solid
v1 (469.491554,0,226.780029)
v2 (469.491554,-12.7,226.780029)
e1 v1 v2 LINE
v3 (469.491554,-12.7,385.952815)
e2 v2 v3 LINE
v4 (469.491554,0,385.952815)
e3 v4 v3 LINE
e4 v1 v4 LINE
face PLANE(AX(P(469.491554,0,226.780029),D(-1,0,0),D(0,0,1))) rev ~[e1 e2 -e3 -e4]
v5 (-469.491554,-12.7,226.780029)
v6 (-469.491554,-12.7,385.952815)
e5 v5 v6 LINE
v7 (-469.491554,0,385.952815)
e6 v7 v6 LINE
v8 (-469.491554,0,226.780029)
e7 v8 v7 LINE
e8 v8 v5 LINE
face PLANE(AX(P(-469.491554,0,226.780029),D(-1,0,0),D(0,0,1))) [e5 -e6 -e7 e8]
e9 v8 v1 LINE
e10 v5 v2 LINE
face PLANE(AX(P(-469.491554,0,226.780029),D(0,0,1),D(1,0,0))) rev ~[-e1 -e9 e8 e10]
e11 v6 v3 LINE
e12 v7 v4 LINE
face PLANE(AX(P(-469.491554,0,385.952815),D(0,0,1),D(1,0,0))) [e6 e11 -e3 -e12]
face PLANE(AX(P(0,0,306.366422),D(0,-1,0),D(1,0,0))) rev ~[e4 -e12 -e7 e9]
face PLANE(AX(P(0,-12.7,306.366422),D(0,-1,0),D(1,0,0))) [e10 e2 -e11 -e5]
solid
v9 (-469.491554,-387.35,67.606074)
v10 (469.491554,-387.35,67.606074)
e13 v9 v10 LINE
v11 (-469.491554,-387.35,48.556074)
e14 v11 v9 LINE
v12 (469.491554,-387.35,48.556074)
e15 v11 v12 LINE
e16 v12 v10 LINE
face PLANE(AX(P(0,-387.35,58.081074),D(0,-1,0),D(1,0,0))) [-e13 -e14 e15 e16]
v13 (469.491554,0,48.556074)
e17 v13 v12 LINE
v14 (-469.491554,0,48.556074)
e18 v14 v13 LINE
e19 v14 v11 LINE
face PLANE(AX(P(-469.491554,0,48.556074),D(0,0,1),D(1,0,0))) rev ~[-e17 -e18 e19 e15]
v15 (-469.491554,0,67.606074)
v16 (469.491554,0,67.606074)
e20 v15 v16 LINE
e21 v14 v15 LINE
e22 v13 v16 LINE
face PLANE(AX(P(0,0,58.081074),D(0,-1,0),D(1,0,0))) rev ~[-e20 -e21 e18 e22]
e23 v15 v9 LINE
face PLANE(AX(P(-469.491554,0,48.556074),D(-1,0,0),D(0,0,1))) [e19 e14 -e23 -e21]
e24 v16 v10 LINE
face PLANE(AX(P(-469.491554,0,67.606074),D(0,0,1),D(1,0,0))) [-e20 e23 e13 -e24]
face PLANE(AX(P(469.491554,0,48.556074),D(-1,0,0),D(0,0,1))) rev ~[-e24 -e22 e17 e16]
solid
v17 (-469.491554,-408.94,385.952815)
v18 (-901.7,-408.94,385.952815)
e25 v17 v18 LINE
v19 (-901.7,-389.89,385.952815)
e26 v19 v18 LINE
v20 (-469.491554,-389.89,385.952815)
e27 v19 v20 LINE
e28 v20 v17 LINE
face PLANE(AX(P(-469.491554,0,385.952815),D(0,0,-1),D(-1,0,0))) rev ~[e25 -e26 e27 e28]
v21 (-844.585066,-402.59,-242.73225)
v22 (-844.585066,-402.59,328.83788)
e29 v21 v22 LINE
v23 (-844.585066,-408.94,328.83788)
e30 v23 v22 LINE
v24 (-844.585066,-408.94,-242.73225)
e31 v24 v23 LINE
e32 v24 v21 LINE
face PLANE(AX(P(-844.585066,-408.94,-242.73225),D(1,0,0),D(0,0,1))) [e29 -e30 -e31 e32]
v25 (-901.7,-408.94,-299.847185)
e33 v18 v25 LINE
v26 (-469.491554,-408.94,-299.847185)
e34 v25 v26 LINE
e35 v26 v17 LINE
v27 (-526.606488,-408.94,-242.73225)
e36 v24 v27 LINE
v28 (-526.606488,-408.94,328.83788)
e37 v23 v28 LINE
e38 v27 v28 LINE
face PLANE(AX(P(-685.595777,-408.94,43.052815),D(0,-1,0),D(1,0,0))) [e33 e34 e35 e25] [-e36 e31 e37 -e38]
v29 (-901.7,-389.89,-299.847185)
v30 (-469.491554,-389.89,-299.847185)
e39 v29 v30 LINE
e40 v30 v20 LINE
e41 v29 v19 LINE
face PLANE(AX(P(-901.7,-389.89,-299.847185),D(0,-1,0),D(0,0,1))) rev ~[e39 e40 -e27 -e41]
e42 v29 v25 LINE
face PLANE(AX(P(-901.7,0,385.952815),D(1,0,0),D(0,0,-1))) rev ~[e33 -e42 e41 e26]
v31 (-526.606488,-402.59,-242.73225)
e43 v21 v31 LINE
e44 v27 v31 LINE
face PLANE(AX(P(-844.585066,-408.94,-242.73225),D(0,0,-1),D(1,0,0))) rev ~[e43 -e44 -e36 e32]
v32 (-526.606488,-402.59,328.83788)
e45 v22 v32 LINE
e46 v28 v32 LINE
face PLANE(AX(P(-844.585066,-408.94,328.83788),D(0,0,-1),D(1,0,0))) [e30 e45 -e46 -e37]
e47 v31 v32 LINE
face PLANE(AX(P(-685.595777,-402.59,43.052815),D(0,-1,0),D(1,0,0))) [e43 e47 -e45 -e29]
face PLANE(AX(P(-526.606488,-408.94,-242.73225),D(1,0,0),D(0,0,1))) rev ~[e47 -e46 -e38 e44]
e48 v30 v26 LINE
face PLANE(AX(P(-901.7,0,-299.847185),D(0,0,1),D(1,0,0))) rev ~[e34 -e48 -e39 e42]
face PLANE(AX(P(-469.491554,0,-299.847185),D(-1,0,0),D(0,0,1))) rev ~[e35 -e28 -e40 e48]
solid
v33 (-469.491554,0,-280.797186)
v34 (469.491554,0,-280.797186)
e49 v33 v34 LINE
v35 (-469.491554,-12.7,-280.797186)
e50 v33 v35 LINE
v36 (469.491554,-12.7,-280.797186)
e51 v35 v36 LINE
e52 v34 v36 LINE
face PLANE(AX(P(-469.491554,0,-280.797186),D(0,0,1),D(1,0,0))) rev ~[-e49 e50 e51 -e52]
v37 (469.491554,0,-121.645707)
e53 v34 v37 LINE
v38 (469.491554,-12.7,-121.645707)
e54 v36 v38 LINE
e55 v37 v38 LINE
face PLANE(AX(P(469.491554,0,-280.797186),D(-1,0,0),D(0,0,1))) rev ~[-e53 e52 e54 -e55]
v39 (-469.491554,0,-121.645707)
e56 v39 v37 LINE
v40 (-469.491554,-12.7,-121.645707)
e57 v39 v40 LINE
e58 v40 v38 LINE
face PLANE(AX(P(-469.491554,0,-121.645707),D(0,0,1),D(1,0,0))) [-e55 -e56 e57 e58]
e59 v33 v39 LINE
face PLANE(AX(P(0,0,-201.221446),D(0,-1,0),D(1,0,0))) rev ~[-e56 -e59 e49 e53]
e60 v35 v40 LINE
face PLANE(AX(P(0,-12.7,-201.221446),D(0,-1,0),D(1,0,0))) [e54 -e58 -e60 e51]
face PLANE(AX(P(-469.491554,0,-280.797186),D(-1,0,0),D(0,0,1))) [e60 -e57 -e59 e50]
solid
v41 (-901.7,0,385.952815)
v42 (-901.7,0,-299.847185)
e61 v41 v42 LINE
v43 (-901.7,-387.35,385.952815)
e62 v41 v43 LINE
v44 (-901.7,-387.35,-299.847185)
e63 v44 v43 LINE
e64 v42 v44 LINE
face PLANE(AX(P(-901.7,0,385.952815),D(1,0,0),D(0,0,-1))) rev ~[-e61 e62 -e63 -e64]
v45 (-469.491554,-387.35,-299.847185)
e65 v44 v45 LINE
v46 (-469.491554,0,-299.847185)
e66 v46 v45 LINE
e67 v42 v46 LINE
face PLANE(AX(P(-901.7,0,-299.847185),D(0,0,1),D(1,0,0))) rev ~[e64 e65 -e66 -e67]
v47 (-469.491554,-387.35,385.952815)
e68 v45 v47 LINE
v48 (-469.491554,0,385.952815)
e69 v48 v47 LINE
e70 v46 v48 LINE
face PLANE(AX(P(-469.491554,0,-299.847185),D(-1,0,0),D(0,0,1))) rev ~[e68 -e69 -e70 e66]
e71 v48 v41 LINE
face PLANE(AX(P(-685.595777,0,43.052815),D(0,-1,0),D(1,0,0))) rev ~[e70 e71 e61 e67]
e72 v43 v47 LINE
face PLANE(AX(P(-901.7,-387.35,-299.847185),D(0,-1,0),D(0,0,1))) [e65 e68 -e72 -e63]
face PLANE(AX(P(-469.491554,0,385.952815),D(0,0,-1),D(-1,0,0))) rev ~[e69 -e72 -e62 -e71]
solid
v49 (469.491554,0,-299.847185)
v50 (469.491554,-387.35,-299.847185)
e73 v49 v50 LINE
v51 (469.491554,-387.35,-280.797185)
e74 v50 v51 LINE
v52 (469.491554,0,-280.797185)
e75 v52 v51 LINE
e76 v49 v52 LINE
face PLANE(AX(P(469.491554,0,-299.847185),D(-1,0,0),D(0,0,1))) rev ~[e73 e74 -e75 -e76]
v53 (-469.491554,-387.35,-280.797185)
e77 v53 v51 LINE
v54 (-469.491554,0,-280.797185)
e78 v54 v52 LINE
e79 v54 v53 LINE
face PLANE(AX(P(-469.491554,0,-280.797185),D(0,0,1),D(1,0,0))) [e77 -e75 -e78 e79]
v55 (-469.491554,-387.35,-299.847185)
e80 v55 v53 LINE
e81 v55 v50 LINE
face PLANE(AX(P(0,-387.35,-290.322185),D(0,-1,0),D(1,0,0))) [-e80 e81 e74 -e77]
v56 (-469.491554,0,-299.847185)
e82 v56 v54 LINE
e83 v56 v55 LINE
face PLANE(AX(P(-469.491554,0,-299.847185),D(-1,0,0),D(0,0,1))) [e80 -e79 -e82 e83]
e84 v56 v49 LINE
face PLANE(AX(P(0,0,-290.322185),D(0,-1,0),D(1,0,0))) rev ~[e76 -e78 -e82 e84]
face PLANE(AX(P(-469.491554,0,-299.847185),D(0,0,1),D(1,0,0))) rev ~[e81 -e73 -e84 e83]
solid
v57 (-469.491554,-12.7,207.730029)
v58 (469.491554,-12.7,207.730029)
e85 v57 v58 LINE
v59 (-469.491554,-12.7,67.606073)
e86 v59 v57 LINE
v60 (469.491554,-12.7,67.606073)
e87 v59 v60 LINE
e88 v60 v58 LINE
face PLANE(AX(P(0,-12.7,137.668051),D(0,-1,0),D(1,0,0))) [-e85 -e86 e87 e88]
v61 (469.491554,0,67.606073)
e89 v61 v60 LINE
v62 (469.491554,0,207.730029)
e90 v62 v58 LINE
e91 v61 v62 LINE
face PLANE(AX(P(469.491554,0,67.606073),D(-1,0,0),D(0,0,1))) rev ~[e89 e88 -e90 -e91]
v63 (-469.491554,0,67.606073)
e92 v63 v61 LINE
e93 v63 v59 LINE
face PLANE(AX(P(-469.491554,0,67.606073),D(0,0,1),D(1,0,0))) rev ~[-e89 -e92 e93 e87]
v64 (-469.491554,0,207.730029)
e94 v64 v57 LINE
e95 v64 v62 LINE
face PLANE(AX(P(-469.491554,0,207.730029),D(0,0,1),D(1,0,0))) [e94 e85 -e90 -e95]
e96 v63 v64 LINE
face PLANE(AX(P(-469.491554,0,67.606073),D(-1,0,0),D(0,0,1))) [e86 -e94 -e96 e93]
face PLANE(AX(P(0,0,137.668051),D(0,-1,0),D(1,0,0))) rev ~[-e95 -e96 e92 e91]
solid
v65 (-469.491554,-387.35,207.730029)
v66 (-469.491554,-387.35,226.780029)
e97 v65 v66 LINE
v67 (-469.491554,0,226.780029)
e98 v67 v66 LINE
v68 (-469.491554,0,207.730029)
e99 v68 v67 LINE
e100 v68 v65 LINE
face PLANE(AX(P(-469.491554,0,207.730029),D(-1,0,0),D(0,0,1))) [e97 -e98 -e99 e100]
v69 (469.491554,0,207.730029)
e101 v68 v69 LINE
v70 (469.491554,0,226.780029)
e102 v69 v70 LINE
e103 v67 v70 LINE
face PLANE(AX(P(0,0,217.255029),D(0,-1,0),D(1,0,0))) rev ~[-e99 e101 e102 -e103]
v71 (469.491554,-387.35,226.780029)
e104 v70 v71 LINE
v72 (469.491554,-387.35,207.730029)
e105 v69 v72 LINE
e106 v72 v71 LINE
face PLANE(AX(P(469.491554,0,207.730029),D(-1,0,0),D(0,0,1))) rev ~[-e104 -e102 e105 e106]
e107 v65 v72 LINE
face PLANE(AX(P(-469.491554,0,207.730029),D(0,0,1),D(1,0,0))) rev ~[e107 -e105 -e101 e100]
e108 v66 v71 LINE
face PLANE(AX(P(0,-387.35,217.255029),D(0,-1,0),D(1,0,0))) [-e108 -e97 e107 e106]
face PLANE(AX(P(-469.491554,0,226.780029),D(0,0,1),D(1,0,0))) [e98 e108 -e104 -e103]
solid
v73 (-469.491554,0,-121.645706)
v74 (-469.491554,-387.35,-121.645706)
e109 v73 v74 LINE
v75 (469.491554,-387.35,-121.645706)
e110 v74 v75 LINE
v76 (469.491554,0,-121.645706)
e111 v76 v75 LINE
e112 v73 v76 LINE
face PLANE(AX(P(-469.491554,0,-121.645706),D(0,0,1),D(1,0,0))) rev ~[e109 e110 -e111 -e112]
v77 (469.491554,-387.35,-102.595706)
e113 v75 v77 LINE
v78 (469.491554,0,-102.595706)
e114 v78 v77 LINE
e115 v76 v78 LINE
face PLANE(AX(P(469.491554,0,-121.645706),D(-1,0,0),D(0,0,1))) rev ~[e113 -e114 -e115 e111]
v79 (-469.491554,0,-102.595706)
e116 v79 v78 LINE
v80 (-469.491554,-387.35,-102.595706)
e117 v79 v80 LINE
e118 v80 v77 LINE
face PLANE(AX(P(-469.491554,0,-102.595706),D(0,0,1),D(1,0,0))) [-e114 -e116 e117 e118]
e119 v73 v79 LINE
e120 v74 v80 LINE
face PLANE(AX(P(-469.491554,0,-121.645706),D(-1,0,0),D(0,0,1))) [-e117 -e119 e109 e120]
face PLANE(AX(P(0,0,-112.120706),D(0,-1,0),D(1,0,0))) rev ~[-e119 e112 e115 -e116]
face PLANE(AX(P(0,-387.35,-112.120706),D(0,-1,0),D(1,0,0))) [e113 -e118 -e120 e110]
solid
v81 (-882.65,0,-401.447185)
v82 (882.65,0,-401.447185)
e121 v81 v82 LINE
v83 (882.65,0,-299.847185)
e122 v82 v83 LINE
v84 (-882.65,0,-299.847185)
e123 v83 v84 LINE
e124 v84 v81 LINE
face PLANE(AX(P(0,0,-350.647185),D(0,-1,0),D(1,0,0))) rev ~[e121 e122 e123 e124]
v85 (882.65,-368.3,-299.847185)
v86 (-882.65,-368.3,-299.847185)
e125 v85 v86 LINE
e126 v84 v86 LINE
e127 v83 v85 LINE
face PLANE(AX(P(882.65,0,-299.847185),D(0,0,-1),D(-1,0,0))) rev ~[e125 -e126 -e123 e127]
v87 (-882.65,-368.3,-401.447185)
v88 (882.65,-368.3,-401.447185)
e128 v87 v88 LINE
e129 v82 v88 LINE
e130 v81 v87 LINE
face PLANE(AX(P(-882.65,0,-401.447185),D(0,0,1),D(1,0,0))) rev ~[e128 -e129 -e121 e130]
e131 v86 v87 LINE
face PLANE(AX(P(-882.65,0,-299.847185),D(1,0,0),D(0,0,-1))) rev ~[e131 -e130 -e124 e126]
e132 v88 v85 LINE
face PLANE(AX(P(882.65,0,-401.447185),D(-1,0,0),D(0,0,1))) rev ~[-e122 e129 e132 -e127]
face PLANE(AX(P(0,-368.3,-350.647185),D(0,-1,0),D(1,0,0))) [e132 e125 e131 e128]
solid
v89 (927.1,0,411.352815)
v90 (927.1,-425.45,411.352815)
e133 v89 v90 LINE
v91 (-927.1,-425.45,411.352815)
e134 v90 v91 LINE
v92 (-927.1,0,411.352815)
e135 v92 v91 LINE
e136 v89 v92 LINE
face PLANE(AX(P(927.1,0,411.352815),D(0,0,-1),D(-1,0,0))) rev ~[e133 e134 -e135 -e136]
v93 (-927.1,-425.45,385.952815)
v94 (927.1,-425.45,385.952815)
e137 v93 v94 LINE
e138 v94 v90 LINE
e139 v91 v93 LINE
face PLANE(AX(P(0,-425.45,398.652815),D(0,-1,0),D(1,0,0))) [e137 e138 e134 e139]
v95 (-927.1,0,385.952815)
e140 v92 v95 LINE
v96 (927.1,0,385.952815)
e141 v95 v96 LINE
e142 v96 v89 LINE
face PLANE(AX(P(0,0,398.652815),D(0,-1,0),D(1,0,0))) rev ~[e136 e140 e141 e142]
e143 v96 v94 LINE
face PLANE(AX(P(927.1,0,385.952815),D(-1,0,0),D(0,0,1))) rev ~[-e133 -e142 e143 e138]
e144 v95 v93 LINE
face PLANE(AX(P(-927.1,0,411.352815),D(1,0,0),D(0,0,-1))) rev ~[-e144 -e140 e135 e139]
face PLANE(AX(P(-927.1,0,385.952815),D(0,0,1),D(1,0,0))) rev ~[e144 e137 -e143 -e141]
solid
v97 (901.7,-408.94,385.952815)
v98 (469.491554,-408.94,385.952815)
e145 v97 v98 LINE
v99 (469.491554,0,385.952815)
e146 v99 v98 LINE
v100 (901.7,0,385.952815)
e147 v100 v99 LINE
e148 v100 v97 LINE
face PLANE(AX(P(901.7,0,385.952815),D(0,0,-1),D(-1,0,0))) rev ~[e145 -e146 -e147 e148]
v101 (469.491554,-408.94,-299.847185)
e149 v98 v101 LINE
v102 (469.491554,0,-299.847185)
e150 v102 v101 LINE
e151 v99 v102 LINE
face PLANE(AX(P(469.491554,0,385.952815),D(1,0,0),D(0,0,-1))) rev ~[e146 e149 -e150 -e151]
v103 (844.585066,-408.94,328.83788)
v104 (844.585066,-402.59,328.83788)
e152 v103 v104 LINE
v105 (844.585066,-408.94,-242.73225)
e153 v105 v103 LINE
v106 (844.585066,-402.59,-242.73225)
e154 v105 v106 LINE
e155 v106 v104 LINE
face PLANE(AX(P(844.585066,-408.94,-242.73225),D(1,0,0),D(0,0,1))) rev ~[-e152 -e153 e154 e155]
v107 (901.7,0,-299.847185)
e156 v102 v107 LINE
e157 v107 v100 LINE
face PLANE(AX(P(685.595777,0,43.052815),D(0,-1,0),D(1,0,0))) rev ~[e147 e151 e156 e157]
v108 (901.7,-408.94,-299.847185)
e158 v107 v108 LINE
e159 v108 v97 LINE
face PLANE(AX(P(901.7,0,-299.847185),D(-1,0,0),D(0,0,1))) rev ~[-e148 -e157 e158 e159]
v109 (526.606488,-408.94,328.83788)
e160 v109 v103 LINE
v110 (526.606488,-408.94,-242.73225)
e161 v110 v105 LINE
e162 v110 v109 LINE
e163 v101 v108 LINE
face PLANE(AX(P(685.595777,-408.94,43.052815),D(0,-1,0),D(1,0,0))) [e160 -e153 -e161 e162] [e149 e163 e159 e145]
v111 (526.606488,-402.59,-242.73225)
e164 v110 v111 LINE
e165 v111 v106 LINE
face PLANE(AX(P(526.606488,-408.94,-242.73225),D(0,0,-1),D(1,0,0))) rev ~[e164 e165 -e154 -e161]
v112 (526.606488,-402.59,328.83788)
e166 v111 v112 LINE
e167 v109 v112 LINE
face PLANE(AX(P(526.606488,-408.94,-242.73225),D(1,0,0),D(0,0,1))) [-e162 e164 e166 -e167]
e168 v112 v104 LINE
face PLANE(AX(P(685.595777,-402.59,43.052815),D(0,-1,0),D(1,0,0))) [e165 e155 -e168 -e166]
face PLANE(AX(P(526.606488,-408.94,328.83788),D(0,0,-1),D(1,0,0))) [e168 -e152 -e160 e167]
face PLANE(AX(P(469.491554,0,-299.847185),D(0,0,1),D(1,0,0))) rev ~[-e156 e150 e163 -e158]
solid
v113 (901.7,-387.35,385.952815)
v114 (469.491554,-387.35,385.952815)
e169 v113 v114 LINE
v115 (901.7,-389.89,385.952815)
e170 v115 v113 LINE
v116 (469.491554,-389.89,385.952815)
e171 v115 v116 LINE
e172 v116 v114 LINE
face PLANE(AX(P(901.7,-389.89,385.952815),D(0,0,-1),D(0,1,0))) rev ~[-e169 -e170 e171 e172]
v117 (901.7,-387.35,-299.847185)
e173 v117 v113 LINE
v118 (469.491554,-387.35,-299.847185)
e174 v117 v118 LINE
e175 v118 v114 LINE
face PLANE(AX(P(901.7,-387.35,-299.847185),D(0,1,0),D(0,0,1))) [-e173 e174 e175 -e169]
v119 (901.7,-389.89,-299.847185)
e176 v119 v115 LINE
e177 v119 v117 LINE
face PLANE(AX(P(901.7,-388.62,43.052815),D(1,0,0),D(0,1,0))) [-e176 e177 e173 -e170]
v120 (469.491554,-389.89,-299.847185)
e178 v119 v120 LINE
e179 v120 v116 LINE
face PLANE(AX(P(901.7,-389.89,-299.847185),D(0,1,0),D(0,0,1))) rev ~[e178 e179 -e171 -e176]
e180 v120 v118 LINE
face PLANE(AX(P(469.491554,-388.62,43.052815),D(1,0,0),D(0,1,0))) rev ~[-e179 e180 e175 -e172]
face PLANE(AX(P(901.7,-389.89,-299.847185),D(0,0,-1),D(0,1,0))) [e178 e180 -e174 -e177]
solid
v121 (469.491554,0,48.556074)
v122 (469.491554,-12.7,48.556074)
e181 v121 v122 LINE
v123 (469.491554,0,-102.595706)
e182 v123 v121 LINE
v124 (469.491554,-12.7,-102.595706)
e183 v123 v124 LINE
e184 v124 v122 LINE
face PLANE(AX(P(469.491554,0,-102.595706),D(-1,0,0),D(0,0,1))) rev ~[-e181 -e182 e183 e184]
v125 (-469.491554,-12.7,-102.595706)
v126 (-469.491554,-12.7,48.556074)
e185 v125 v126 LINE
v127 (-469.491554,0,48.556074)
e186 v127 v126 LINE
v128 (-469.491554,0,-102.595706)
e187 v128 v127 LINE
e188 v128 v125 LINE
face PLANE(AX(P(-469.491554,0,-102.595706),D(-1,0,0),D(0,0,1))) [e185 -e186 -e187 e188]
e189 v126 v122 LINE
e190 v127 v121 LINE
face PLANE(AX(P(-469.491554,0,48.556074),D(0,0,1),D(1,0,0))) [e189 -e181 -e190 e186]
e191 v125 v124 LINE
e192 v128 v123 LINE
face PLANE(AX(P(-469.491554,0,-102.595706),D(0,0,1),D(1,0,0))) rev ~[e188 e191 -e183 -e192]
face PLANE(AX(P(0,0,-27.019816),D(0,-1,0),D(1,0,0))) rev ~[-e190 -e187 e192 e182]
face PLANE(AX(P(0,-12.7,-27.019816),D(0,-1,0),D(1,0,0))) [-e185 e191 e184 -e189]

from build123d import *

# Parameters (mm, degrees)
F0_W      = 317.978578
F0_H      = 571.570131
F1_DEPTH  = 408.94
F0_W_2    = 938.983108
F0_H_2    = 19.05
F2_DEPTH  = 387.35
F3_DEPTH  = 425.45
F4_W      = 2.54
F4_H      = 685.8
F5_DEPTH  = 432.208446
F6_W      = 2.54
F6_H      = 685.8
F7_DEPTH  = 432.208446
F8_DEPTH  = 368.3
F0_H_3    = 159.172786
F0_H_4    = 140.123955
F0_H_5    = 151.15178
F0_H_6    = 159.151479
F9_DEPTH  = 12.7
F10_W     = 317.978578
F10_H     = 571.570131
F11_DEPTH = 6.35


with BuildPart() as f1:
    # F0 (on Front) → F1 (new body)
    with BuildSketch(Plane.XZ):
        Polygon((-469.491554, 385.952815), (-901.7, 385.952815), (-901.7, -299.847185), (-882.65, -299.847185), (-469.491554, -299.847185), (-469.491554, -280.797185), (-469.491554, -121.645706), (-469.491554, -102.595706), (-469.491554, 48.556074), (-469.491554, 67.606074), (-469.491554, 207.730029), (-469.491554, 226.780029), align=None)
        with Locations((-685.595777, 43.052815)):
            Rectangle(F0_W, F0_H, mode=Mode.SUBTRACT)
        Polygon((901.7, 385.952815), (469.491554, 385.952815), (469.491554, 226.780029), (469.491554, 207.730029), (469.491554, 67.606074), (469.491554, 48.556074), (469.491554, -102.595706), (469.491554, -121.645706), (469.491554, -280.797185), (469.491554, -299.847185), (882.65, -299.847185), (901.7, -299.847185), align=None)
        with Locations((685.595777, 43.052815)):
            Rectangle(F0_W, F0_H, mode=Mode.SUBTRACT)
        with Locations((-685.595777, 43.052815)):
            Rectangle(F0_W, F0_H)
        with Locations((685.595777, 43.052815)):
            Rectangle(F0_W, F0_H)
    extrude(amount=F1_DEPTH)

    # F4 (on face) → F5 (cut, through all)
    with BuildSketch(Plane(origin=(-901.7, 0, 0), x_dir=(0, -1, 0), z_dir=(-1, 0, 0))):
        with Locations((388.62, 43.052815)):
            Rectangle(F4_W, F4_H)
    extrude(amount=-F5_DEPTH, mode=Mode.SUBTRACT)

    # F10 (on face) → F11 (cut)
    with BuildSketch(Plane.XZ.offset(408.94)):
        with Locations((685.595777, 43.052815)):
            Rectangle(F10_W, F10_H)
        with Locations((-685.595777, 43.052815)):
            Rectangle(F10_W, F10_H)
    extrude(amount=-F11_DEPTH, mode=Mode.SUBTRACT)


with BuildPart() as f2:
    # F0 (on Front) → F2 (new body)
    with BuildSketch(Plane.XZ):
        with Locations((0, 217.255029)):
            Rectangle(F0_W_2, F0_H_2)
        with Locations((0, 58.081074)):
            Rectangle(F0_W_2, F0_H_2)
        with Locations((0, -112.120706)):
            Rectangle(F0_W_2, F0_H_2)
        with Locations((0, -290.322185)):
            Rectangle(F0_W_2, F0_H_2)
    extrude(amount=F2_DEPTH)


with BuildPart() as f3:
    # F0 (on Front) → F3 (new body)
    with BuildSketch(Plane.XZ):
        Polygon((-927.1, 385.952815), (-901.7, 385.952815), (-469.491554, 385.952815), (469.491554, 385.952815), (901.7, 385.952815), (927.1, 385.952815), (927.1, 411.352815), (-927.1, 411.352815), align=None)
    extrude(amount=F3_DEPTH)


with BuildPart() as f7:
    # F6 (on face) → F7 (new body, through all)
    with BuildSketch(Plane.YZ.offset(901.7)):
        with Locations((-388.62, 43.052815)):
            Rectangle(F6_W, F6_H)
    extrude(amount=-F7_DEPTH)


with BuildPart() as f8:
    # F0 (on Front) → F8 (new body)
    with BuildSketch(Plane.XZ):
        Polygon((-469.491554, -299.847185), (-882.65, -299.847185), (-882.65, -401.447185), (882.65, -401.447185), (882.65, -299.847185), (469.491554, -299.847185), align=None)
    extrude(amount=F8_DEPTH)


with BuildPart() as f9:
    # F0 (on Front) → F9 (new body)
    with BuildSketch(Plane.XZ):
        with Locations((0, 306.366422)):
            Rectangle(F0_W_2, F0_H_3)
        with Locations((0, 137.668051)):
            Rectangle(F0_W_2, F0_H_4)
        with Locations((0, -27.019816)):
            Rectangle(F0_W_2, F0_H_5)
        with Locations((0, -201.221446)):
            Rectangle(F0_W_2, F0_H_6)
    extrude(amount=F9_DEPTH)


solid = Compound([f1.part, f2.part, f3.part, f7.part, f8.part, f9.part])
